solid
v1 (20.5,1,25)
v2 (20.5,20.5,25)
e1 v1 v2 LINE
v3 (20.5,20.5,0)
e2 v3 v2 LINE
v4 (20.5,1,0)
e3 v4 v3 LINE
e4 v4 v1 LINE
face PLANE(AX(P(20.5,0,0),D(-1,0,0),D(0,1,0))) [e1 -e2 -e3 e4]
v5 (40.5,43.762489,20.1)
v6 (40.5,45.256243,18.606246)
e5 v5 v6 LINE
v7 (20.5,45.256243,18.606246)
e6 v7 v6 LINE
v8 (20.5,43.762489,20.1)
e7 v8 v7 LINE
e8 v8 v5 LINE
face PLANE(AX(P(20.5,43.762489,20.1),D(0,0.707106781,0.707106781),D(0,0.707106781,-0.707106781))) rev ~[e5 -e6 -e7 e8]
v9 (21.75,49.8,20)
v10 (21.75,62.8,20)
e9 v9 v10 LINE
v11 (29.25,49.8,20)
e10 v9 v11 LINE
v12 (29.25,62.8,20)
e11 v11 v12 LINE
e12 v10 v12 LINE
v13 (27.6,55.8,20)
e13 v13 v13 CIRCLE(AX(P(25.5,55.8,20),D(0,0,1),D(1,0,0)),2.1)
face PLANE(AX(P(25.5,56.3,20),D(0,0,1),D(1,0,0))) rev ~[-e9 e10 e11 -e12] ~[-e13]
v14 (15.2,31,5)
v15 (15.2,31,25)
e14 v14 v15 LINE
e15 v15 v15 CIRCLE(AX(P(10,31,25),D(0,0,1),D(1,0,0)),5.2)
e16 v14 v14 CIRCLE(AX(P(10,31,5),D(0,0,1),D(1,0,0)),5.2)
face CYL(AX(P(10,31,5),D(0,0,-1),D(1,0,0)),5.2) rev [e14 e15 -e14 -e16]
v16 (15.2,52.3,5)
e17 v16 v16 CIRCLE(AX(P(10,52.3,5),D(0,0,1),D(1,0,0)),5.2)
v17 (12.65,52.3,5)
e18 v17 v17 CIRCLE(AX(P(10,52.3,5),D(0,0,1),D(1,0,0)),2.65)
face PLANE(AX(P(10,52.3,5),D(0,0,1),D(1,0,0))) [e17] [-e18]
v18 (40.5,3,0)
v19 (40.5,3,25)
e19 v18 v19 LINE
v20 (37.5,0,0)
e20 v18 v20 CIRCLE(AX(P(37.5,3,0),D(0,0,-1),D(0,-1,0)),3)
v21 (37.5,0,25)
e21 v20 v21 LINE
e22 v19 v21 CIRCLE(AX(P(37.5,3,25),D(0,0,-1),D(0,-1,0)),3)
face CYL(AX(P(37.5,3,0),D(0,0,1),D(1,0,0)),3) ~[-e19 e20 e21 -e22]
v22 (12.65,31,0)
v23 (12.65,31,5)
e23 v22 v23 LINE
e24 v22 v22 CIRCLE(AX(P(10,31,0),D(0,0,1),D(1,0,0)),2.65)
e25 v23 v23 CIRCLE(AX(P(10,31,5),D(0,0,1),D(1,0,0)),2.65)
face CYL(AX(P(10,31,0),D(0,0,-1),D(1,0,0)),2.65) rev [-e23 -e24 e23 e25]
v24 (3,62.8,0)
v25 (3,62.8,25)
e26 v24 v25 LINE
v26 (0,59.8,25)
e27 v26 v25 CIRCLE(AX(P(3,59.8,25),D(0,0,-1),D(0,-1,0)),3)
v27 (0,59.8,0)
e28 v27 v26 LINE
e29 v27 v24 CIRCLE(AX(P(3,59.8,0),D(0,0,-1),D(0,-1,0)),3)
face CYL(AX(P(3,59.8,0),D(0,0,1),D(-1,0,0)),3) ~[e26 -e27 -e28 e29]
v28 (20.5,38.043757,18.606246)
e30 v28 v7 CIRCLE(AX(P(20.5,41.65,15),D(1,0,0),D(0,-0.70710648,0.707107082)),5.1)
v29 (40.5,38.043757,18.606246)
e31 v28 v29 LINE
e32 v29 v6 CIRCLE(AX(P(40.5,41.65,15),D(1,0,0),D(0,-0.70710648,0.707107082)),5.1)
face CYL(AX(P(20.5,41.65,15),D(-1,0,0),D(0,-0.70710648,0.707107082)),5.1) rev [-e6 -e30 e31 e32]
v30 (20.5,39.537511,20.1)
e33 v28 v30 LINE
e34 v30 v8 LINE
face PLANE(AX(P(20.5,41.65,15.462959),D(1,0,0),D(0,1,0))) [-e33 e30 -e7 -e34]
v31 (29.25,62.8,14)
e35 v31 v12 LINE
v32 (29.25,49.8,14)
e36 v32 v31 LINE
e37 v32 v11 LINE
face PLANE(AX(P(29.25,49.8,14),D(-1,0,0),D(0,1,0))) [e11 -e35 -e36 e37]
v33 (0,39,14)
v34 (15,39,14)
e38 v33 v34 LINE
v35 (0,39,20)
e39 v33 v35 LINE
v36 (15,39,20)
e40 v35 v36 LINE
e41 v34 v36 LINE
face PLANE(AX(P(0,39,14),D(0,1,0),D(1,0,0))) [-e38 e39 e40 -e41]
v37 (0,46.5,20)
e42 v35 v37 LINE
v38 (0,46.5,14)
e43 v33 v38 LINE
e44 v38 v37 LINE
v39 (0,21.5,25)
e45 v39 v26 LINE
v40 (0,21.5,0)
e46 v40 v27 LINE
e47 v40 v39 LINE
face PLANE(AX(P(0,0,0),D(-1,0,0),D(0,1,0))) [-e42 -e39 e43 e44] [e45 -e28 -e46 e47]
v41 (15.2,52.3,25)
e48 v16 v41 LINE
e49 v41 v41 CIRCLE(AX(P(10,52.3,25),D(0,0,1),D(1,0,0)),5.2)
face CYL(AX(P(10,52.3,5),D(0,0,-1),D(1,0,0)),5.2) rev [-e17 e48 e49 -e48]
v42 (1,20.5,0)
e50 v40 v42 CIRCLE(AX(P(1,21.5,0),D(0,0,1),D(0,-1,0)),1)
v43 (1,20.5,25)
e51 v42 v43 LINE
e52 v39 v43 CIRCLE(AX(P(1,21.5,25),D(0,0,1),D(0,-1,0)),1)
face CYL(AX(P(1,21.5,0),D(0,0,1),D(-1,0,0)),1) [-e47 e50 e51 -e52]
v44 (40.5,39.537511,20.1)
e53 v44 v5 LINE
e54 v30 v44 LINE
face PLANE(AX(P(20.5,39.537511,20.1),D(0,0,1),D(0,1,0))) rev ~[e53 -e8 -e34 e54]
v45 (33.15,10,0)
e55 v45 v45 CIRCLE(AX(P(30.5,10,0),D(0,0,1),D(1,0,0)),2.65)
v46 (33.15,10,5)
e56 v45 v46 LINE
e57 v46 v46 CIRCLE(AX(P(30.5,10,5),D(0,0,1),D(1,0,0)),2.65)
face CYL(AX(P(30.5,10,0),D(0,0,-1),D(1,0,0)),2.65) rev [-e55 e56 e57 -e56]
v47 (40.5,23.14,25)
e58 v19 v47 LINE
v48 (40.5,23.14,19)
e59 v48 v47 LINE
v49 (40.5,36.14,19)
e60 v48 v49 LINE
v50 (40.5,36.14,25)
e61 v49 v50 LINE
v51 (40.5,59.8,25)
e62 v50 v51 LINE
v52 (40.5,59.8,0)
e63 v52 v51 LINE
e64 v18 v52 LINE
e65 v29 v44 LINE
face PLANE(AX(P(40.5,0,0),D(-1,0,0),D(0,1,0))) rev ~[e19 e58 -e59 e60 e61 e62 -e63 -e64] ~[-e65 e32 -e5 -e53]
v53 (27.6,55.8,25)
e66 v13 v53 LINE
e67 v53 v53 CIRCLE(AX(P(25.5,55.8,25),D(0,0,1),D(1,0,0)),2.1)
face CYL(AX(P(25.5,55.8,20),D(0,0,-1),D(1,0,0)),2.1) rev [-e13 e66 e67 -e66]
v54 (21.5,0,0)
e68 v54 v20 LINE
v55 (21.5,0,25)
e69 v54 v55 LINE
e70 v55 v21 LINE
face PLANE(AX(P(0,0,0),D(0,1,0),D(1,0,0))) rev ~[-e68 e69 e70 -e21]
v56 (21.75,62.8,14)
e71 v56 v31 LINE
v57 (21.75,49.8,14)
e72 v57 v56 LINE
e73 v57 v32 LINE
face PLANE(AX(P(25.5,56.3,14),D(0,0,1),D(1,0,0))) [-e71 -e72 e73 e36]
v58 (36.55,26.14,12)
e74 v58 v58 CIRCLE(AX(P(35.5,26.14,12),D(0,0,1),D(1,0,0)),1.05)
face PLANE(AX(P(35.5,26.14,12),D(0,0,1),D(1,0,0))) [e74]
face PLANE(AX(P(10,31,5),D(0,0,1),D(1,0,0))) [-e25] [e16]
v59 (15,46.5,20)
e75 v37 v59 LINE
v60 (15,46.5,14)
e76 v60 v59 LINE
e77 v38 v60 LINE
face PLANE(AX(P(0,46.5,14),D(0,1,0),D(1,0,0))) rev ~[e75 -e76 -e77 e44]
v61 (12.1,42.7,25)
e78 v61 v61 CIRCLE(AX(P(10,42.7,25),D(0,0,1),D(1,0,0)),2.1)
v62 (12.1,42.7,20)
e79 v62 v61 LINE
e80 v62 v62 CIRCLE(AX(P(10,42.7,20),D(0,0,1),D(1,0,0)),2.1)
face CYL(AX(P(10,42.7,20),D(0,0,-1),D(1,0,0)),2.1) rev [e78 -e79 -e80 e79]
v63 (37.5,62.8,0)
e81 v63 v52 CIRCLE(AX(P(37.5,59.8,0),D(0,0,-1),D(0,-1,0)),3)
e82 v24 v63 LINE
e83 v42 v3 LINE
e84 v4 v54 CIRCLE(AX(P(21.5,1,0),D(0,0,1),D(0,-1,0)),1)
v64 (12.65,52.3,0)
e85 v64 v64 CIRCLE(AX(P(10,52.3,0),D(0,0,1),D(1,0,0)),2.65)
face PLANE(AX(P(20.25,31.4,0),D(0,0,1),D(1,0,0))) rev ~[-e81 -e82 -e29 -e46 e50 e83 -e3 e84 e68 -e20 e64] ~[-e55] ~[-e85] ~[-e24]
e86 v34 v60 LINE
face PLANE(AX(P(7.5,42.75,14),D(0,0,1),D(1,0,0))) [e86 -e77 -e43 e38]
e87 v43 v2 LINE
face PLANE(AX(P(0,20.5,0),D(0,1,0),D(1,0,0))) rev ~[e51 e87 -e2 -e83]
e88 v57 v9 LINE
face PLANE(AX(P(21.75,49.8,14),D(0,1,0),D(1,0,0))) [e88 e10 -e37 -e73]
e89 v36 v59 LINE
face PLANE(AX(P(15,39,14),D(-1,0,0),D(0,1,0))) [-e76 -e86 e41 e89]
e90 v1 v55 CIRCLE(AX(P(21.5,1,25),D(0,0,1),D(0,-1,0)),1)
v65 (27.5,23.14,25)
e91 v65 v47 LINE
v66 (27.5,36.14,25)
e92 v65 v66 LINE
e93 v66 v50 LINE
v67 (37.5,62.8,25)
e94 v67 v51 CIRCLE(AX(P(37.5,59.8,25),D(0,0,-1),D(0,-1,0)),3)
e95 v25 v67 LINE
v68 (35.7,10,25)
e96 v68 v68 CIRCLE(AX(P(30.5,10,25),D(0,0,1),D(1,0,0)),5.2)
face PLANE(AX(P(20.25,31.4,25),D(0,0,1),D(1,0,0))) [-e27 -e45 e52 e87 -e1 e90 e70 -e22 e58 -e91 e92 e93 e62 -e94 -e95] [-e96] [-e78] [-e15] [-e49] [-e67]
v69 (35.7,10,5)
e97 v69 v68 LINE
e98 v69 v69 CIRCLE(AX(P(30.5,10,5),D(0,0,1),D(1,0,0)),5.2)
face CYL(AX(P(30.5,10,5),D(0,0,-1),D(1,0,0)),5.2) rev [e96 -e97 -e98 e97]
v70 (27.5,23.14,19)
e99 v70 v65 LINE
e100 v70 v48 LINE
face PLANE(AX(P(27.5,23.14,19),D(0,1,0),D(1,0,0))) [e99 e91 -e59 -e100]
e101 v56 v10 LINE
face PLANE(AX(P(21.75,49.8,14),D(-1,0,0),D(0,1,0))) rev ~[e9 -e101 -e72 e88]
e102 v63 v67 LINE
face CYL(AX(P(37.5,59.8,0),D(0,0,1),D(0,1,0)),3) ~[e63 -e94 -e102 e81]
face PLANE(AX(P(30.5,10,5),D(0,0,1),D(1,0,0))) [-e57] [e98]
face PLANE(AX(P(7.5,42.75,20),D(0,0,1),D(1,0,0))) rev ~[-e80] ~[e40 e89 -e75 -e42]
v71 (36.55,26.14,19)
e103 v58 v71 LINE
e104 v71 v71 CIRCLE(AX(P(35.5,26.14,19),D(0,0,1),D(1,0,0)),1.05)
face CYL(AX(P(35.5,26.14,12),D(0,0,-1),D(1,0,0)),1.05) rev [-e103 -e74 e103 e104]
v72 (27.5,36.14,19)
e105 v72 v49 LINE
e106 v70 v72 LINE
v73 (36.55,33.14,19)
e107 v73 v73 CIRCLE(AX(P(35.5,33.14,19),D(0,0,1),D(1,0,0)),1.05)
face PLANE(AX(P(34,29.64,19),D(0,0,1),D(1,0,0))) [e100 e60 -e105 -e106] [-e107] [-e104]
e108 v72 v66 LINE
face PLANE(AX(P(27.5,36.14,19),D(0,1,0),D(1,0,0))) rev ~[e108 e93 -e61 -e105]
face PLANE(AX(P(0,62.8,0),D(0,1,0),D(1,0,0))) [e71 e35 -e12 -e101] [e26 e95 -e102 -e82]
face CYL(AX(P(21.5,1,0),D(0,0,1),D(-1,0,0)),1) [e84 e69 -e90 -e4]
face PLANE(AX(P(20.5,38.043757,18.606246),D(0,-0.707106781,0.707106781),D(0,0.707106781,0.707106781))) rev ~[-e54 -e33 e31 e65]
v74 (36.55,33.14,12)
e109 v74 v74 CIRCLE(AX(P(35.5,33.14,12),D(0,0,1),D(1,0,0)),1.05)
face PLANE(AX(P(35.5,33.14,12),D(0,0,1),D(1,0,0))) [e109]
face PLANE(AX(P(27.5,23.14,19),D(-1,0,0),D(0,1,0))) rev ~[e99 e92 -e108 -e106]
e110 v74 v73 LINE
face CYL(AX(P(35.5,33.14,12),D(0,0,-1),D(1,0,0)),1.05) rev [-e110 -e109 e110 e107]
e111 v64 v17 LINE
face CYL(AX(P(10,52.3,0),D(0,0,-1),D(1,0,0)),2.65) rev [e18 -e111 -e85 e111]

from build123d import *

# Parameters (mm, degrees)
EXTRUDE_DEPTH     = 20
BOX003_W          = 15
BOX003_H          = 7.5
BOX003_DEPTH      = 6
CYLINDER003_R     = 2.1
CYLINDER003_DEPTH = 5
CYLINDER002_R     = 1.05
CYLINDER002_DEPTH = 7
BOX002_W          = 13
BOX002_H          = 13
BOX002_DEPTH      = 6
CYLINDER001_R     = 2.65
CYLINDER001_DEPTH = 5
CYLINDER_R        = 5.2
CYLINDER_DEPTH    = 20
BOX001_W          = 20.5
BOX001_H          = 20.5
BOX001_DEPTH      = 25
BOX004_W          = 7.5
BOX004_H          = 13
BOX004_DEPTH      = 6
BOX_W             = 40.5
BOX_H             = 62.8
BOX_DEPTH         = 25
FILLET_1_R        = 3
FILLET_2_R        = 1


with BuildPart() as m10_repraphole_extrud:
    # Sketch → Extrude (new body)
    with BuildSketch(Plane.YZ):
        with BuildLine():
            ThreePointArc((-3.606243, 3.606246), (0, -5.1), (3.606243, 3.606246))
            Line((2.112489, 5.1), (3.606243, 3.606246))
            Line((-2.112489, 5.1), (2.112489, 5.1))
            Line((-3.606243, 3.606246), (-2.112489, 5.1))
        make_face()
    extrude(amount=EXTRUDE_DEPTH)


with BuildPart() as m10_repraphole_extrud_1:
    # Extrude placement: moved
    add(m10_repraphole_extrud.part.moved(Location((20.5, 41.65, 15))))


with BuildPart() as hueco_taladro4:
    # Box003 → Box003 (new body)
    with BuildSketch(Plane(origin=(0, 39, 14), x_dir=(1, 0, 0), z_dir=(0, 0, 1))):
        with Locations((7.5, 3.75)):
            Rectangle(BOX003_W, BOX003_H)
    extrude(amount=BOX003_DEPTH)


with BuildPart() as taladro4:
    # Cylinder003 → Cylinder003 (new body)
    with BuildSketch(Plane(origin=(10, 42.7, 20), x_dir=(1, 0, 0), z_dir=(0, 0, 1))):
        Circle(CYLINDER003_R)
    extrude(amount=CYLINDER003_DEPTH)


with BuildPart() as clone005:
    # Clone005 base: copy of taladro4
    add(taladro4.part)


with BuildPart() as clone005_1:
    # Clone005 placement: moved
    add(clone005.part.moved(Location((15.5, 13.1, 0))))


with BuildPart() as taladro_endstop:
    # Cylinder002 → Cylinder002 (new body)
    with BuildSketch(Plane(origin=(35.5, 26.14, 12), x_dir=(1, 0, 0), z_dir=(0, 0, 1))):
        Circle(CYLINDER002_R)
    extrude(amount=CYLINDER002_DEPTH)


with BuildPart() as clone004:
    # Clone004 base: copy of taladro_endstop
    add(taladro_endstop.part)


with BuildPart() as clone004_1:
    # Clone004 placement: moved
    add(clone004.part.moved(Location((0, 7, 0))))


with BuildPart() as hueco_endstop:
    # Box002 → Box002 (new body)
    with BuildSketch(Plane(origin=(27.5, 23.14, 19), x_dir=(1, 0, 0), z_dir=(0, 0, 1))):
        with Locations((6.5, 6.5)):
            Rectangle(BOX002_W, BOX002_H)
    extrude(amount=BOX002_DEPTH)


with BuildPart() as taladro5:
    # Cylinder001 → Cylinder001 (new body)
    with BuildSketch(Plane(origin=(30.5, 10, 0), x_dir=(1, 0, 0), z_dir=(0, 0, 1))):
        Circle(CYLINDER001_R)
    extrude(amount=CYLINDER001_DEPTH)


with BuildPart() as clone002:
    # Clone002 base: copy of taladro5
    add(taladro5.part)


with BuildPart() as clone002_1:
    # Clone002 placement: moved
    add(clone002.part.moved(Location((-20.5, 21, 0))))


with BuildPart() as clone003:
    # Clone003 base: copy of Clone002
    add(clone002_1.part)


with BuildPart() as clone003_1:
    # Clone003 placement: moved
    add(clone003.part.moved(Location((0, 21.3, 0))))


with BuildPart() as taladro10:
    # Cylinder → Cylinder (new body)
    with BuildSketch(Plane(origin=(30.5, 10, 5), x_dir=(1, 0, 0), z_dir=(0, 0, 1))):
        Circle(CYLINDER_R)
    extrude(amount=CYLINDER_DEPTH)


with BuildPart() as clone:
    # Clone base: copy of taladro10
    add(taladro10.part)


with BuildPart() as clone_1:
    # Clone placement: moved
    add(clone.part.moved(Location((-20.5, 21, 0))))


with BuildPart() as clone001:
    # Clone001 base: copy of Clone
    add(clone_1.part)


with BuildPart() as clone001_1:
    # Clone001 placement: moved
    add(clone001.part.moved(Location((0, 21.3, 0))))


with BuildPart() as hueco_ejez:
    # Box001 → Box001 (new body)
    with BuildSketch(Plane.XY):
        with Locations((10.25, 10.25)):
            Rectangle(BOX001_W, BOX001_H)
    extrude(amount=BOX001_DEPTH)


with BuildPart() as huecos:
    # Box004 → Box004 (new body)
    with BuildSketch(Plane(origin=(21.75, 49.8, 14), x_dir=(1, 0, 0), z_dir=(0, 0, 1))):
        with Locations((3.75, 6.5)):
            Rectangle(BOX004_W, BOX004_H)
    extrude(amount=BOX004_DEPTH)

    # Fusion: union hueco_taladro4, Clone005, taladro4, Clone004, taladro_endstop, hueco_endstop, Clone003, Clone002, taladro5, Clone001, Clone, taladro10, hueco_ejez
    add(hueco_taladro4.part)
    add(clone005_1.part)
    add(taladro4.part)
    add(clone004_1.part)
    add(taladro_endstop.part)
    add(hueco_endstop.part)
    add(clone003_1.part)
    add(clone002_1.part)
    add(taladro5.part)
    add(clone001_1.part)
    add(clone_1.part)
    add(taladro10.part)
    add(hueco_ejez.part)


with BuildPart() as yidler_right:
    # Box → Box (new body)
    with BuildSketch(Plane.XY):
        with Locations((20.25, 31.4)):
            Rectangle(BOX_W, BOX_H)
    extrude(amount=BOX_DEPTH)

    # Cut: cut huecos
    add(huecos.part, mode=Mode.SUBTRACT)

    # Cut001: cut M10_repraphole_extrud
    add(m10_repraphole_extrud_1.part, mode=Mode.SUBTRACT)

    # Fillet 1
    fillet_1_edges = [yidler_right.edges().sort_by_distance(p)[0] for p in [
        (0, 62.8, 12.5),
        (40.5, 62.8, 12.5),
        (40.5, 0, 12.5),
    ]]
    fillet(fillet_1_edges, radius=FILLET_1_R)

    # Fillet 2
    fillet_2_edges = [yidler_right.edges().sort_by_distance(p)[0] for p in [
        (0, 20.5, 12.5),
        (20.5, 0, 12.5),
    ]]
    fillet(fillet_2_edges, radius=FILLET_2_R)


solid = yidler_right.part
